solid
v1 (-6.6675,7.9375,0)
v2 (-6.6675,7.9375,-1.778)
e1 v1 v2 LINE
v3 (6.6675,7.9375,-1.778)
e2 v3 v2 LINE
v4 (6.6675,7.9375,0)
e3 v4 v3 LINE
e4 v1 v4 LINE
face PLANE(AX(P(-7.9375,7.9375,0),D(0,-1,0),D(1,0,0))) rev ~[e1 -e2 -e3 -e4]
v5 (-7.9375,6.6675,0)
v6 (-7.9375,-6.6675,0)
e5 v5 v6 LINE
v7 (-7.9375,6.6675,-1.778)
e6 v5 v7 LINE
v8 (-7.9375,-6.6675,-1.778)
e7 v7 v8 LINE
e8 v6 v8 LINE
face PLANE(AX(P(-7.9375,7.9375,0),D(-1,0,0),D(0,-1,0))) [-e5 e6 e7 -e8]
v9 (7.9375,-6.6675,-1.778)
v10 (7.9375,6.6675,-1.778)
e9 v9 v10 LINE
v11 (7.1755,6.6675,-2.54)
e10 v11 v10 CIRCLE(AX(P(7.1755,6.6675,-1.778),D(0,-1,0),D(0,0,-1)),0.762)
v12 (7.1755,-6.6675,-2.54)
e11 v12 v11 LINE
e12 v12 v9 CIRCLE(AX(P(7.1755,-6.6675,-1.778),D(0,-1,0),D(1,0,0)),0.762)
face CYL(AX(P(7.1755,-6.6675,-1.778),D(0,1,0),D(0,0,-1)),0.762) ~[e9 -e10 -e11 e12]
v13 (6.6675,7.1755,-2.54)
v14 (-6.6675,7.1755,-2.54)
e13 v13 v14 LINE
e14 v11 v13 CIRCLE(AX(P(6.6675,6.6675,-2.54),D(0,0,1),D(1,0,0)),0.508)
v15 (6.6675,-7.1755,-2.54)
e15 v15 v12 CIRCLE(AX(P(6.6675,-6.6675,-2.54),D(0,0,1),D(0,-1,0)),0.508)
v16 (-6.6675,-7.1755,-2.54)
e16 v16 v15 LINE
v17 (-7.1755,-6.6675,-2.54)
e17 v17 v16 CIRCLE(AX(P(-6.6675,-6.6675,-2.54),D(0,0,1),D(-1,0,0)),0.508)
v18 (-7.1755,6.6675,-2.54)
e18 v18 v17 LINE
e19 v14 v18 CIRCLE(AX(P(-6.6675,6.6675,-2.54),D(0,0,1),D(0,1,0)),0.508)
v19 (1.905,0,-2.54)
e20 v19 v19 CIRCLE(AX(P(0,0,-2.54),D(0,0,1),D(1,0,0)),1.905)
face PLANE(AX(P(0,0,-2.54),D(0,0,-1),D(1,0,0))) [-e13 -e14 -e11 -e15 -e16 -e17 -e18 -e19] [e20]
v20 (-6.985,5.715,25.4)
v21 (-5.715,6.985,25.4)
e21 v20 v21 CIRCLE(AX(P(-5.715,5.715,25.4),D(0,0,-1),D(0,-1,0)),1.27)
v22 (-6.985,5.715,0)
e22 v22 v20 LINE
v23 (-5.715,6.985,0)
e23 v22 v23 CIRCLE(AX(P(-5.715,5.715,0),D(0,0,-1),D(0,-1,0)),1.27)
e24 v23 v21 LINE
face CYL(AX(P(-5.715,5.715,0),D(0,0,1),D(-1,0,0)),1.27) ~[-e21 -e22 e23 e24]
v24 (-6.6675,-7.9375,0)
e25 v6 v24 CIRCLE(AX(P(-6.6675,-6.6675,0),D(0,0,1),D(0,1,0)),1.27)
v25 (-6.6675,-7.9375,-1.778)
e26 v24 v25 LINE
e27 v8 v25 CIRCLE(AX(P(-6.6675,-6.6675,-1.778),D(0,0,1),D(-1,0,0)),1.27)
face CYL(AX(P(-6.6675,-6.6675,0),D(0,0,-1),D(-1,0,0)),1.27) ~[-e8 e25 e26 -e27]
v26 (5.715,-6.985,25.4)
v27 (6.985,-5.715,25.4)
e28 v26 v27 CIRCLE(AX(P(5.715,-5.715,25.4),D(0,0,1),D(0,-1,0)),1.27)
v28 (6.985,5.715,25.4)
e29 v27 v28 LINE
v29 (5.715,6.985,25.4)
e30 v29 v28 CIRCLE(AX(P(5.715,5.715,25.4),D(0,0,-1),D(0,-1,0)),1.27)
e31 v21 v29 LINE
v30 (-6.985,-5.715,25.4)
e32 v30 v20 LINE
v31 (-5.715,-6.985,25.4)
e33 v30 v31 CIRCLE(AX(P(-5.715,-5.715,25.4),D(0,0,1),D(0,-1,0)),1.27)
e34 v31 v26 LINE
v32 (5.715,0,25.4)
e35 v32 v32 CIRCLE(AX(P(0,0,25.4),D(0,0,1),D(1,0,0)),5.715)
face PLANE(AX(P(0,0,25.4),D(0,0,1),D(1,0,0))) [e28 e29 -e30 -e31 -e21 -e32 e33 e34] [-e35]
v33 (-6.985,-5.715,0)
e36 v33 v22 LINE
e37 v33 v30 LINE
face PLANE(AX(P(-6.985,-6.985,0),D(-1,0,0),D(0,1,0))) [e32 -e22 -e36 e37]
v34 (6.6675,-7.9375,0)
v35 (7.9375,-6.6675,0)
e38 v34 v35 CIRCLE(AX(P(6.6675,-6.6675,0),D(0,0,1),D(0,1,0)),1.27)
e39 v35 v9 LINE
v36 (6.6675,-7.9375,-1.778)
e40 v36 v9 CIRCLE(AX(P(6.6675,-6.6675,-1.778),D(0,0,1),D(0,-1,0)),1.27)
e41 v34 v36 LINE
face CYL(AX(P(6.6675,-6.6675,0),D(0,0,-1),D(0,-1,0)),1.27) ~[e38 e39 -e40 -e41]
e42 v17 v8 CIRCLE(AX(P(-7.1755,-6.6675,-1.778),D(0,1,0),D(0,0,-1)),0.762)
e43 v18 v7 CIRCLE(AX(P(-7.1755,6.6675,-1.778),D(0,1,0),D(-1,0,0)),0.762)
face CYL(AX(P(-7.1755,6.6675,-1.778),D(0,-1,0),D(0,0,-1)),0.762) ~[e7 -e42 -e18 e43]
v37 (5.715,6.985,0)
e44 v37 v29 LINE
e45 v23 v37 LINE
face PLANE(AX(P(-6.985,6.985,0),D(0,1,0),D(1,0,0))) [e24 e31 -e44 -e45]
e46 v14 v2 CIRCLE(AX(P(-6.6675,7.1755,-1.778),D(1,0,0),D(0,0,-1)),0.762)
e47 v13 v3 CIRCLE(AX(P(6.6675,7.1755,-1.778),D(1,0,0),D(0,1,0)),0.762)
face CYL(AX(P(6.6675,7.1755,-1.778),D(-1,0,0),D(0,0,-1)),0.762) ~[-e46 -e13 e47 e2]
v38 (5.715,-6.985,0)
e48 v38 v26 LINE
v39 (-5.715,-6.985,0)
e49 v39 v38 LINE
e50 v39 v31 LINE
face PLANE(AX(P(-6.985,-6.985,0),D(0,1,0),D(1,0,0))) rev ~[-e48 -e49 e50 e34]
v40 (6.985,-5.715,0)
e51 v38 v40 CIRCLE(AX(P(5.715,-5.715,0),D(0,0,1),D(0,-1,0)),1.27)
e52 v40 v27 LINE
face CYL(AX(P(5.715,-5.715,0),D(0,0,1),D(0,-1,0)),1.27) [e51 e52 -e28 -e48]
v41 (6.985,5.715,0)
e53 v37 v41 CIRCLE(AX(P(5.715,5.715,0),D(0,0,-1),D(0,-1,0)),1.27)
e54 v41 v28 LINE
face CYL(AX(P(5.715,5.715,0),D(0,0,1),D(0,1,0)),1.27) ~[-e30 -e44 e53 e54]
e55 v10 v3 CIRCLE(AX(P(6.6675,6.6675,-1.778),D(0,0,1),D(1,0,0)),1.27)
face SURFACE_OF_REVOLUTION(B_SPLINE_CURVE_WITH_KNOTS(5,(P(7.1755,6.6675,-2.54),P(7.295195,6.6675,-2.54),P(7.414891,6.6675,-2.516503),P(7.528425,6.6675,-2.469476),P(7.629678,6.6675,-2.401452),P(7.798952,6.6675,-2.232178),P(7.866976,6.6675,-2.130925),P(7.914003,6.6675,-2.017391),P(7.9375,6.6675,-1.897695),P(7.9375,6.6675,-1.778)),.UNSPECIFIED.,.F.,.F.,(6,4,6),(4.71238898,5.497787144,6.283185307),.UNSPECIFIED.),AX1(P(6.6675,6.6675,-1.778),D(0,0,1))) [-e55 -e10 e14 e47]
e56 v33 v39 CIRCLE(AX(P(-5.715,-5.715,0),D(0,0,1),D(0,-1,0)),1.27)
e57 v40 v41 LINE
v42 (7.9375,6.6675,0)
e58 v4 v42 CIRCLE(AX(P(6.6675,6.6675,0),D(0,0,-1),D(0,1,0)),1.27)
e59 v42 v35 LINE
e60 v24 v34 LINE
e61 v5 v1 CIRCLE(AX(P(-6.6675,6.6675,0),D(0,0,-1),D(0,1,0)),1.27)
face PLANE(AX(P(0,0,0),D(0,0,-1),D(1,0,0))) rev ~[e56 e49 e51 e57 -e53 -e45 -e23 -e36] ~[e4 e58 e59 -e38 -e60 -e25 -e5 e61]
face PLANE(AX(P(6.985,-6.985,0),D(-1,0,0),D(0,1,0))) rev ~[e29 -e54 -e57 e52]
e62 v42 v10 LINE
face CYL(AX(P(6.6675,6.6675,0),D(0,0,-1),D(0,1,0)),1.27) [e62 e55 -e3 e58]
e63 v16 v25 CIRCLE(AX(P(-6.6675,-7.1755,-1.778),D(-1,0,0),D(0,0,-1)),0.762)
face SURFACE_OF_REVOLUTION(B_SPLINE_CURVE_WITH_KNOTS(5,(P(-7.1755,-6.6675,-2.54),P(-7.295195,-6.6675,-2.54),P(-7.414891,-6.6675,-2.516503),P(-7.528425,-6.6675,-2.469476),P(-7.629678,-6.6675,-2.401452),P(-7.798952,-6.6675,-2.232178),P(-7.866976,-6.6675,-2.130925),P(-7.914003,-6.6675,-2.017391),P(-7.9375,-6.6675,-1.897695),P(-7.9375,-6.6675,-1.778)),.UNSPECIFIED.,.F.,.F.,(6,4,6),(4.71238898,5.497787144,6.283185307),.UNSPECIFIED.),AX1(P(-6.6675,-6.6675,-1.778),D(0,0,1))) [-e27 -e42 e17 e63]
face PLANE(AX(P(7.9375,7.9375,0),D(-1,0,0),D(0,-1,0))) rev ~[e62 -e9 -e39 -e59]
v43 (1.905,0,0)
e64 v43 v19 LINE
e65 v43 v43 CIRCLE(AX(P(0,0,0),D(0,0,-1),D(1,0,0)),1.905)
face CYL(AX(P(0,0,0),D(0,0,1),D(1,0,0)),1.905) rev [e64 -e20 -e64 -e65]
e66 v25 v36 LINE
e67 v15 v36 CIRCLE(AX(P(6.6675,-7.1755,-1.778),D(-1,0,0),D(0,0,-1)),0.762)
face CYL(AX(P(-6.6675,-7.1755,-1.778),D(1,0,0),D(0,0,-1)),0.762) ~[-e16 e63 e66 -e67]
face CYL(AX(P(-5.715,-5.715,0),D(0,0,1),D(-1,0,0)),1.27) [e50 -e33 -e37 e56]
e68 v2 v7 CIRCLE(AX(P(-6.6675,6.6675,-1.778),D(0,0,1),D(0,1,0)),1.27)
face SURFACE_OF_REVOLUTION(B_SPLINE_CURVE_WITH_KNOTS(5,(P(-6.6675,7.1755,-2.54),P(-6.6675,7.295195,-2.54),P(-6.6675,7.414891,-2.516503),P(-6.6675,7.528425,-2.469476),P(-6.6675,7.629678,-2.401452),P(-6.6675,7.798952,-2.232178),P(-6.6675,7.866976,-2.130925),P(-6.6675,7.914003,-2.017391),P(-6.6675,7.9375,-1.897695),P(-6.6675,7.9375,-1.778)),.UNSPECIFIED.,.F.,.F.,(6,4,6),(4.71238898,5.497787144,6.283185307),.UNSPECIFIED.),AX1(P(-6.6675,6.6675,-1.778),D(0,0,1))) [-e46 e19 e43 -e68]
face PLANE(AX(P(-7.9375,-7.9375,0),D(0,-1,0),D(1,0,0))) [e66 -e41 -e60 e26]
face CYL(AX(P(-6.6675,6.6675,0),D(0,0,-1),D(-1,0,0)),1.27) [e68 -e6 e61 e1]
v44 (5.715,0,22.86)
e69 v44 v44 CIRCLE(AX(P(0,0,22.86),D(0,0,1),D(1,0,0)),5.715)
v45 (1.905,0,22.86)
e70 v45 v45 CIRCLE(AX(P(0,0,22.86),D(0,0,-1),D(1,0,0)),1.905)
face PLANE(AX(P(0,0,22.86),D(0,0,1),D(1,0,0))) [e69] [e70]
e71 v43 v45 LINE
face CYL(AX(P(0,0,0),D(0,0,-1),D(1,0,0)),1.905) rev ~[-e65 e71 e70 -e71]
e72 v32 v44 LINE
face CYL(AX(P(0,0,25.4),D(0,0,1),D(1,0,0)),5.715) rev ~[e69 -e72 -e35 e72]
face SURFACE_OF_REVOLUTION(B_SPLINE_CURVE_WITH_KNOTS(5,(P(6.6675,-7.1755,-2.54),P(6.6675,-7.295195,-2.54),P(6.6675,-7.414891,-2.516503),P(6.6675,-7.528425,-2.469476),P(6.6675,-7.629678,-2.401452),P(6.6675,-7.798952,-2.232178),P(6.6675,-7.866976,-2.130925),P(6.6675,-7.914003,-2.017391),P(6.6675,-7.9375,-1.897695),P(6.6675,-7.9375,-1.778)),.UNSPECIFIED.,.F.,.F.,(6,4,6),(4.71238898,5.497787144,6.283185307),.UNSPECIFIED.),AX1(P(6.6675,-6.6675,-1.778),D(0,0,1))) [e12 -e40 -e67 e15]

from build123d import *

# Parameters (mm, degrees)
F0_W           = 13.97
F0_H           = 13.97
F1_DEPTH       = 25.4
F2_R           = 5.715
F3_DEPTH       = 2.54
F5_R           = 1.27
F6_W           = 15.875
F6_H           = 15.875
F7_DEPTH       = 2.54
F8_R           = 1.27
F9_R           = 0.762
F4_R           = 1.905
F10_DEPTH      = 25.401
F10_DEPTH_BACK = 2.541


with BuildPart() as f1:
    # F0 (on Top) → F1 (new body)
    with BuildSketch(Plane.XY):
        Rectangle(F0_W, F0_H)
    extrude(amount=F1_DEPTH)

    # F2 (on face) → F3 (cut)
    with BuildSketch(Plane.XY.offset(25.4)):
        Circle(F2_R)
    extrude(amount=-F3_DEPTH, mode=Mode.SUBTRACT)

    # F5
    f5_edges = [f1.edges().sort_by_distance(p)[0] for p in [
        (-6.985, 6.985, 12.7),
        (-6.985, -6.985, 12.7),
        (6.985, 6.985, 12.7),
        (6.985, -6.985, 12.7),
    ]]
    fillet(f5_edges, radius=F5_R)

    # F6 (on face) → F7 (join)
    with BuildSketch(Plane(origin=(0, 0, 0), x_dir=(1, 0, 0), z_dir=(0, 0, -1))):
        Rectangle(F6_W, F6_H)
    extrude(amount=F7_DEPTH)

    # F8
    f8_edges = [f1.edges().sort_by_distance(p)[0] for p in [
        (7.9375, -7.9375, -1.27),
        (-7.9375, -7.9375, -1.27),
        (-7.9375, 7.9375, -1.27),
        (7.9375, 7.9375, -1.27),
    ]]
    fillet(f8_edges, radius=F8_R)

    # F9
    f9_edges = [f1.edges().sort_by_distance(p)[0] for p in [
        (0, -7.9375, -2.54),
    ]]
    fillet(f9_edges, radius=F9_R)

    # F4 (on face) → F10 (cut, two sides)
    with BuildSketch(Plane(origin=(0, 0, 0), x_dir=(1, 0, 0), z_dir=(0, 0, -1))) as f10_sk:
        Circle(F4_R)
    extrude(amount=-F10_DEPTH, mode=Mode.SUBTRACT)
    extrude(f10_sk.sketch, amount=F10_DEPTH_BACK, mode=Mode.SUBTRACT)


solid = f1.part
